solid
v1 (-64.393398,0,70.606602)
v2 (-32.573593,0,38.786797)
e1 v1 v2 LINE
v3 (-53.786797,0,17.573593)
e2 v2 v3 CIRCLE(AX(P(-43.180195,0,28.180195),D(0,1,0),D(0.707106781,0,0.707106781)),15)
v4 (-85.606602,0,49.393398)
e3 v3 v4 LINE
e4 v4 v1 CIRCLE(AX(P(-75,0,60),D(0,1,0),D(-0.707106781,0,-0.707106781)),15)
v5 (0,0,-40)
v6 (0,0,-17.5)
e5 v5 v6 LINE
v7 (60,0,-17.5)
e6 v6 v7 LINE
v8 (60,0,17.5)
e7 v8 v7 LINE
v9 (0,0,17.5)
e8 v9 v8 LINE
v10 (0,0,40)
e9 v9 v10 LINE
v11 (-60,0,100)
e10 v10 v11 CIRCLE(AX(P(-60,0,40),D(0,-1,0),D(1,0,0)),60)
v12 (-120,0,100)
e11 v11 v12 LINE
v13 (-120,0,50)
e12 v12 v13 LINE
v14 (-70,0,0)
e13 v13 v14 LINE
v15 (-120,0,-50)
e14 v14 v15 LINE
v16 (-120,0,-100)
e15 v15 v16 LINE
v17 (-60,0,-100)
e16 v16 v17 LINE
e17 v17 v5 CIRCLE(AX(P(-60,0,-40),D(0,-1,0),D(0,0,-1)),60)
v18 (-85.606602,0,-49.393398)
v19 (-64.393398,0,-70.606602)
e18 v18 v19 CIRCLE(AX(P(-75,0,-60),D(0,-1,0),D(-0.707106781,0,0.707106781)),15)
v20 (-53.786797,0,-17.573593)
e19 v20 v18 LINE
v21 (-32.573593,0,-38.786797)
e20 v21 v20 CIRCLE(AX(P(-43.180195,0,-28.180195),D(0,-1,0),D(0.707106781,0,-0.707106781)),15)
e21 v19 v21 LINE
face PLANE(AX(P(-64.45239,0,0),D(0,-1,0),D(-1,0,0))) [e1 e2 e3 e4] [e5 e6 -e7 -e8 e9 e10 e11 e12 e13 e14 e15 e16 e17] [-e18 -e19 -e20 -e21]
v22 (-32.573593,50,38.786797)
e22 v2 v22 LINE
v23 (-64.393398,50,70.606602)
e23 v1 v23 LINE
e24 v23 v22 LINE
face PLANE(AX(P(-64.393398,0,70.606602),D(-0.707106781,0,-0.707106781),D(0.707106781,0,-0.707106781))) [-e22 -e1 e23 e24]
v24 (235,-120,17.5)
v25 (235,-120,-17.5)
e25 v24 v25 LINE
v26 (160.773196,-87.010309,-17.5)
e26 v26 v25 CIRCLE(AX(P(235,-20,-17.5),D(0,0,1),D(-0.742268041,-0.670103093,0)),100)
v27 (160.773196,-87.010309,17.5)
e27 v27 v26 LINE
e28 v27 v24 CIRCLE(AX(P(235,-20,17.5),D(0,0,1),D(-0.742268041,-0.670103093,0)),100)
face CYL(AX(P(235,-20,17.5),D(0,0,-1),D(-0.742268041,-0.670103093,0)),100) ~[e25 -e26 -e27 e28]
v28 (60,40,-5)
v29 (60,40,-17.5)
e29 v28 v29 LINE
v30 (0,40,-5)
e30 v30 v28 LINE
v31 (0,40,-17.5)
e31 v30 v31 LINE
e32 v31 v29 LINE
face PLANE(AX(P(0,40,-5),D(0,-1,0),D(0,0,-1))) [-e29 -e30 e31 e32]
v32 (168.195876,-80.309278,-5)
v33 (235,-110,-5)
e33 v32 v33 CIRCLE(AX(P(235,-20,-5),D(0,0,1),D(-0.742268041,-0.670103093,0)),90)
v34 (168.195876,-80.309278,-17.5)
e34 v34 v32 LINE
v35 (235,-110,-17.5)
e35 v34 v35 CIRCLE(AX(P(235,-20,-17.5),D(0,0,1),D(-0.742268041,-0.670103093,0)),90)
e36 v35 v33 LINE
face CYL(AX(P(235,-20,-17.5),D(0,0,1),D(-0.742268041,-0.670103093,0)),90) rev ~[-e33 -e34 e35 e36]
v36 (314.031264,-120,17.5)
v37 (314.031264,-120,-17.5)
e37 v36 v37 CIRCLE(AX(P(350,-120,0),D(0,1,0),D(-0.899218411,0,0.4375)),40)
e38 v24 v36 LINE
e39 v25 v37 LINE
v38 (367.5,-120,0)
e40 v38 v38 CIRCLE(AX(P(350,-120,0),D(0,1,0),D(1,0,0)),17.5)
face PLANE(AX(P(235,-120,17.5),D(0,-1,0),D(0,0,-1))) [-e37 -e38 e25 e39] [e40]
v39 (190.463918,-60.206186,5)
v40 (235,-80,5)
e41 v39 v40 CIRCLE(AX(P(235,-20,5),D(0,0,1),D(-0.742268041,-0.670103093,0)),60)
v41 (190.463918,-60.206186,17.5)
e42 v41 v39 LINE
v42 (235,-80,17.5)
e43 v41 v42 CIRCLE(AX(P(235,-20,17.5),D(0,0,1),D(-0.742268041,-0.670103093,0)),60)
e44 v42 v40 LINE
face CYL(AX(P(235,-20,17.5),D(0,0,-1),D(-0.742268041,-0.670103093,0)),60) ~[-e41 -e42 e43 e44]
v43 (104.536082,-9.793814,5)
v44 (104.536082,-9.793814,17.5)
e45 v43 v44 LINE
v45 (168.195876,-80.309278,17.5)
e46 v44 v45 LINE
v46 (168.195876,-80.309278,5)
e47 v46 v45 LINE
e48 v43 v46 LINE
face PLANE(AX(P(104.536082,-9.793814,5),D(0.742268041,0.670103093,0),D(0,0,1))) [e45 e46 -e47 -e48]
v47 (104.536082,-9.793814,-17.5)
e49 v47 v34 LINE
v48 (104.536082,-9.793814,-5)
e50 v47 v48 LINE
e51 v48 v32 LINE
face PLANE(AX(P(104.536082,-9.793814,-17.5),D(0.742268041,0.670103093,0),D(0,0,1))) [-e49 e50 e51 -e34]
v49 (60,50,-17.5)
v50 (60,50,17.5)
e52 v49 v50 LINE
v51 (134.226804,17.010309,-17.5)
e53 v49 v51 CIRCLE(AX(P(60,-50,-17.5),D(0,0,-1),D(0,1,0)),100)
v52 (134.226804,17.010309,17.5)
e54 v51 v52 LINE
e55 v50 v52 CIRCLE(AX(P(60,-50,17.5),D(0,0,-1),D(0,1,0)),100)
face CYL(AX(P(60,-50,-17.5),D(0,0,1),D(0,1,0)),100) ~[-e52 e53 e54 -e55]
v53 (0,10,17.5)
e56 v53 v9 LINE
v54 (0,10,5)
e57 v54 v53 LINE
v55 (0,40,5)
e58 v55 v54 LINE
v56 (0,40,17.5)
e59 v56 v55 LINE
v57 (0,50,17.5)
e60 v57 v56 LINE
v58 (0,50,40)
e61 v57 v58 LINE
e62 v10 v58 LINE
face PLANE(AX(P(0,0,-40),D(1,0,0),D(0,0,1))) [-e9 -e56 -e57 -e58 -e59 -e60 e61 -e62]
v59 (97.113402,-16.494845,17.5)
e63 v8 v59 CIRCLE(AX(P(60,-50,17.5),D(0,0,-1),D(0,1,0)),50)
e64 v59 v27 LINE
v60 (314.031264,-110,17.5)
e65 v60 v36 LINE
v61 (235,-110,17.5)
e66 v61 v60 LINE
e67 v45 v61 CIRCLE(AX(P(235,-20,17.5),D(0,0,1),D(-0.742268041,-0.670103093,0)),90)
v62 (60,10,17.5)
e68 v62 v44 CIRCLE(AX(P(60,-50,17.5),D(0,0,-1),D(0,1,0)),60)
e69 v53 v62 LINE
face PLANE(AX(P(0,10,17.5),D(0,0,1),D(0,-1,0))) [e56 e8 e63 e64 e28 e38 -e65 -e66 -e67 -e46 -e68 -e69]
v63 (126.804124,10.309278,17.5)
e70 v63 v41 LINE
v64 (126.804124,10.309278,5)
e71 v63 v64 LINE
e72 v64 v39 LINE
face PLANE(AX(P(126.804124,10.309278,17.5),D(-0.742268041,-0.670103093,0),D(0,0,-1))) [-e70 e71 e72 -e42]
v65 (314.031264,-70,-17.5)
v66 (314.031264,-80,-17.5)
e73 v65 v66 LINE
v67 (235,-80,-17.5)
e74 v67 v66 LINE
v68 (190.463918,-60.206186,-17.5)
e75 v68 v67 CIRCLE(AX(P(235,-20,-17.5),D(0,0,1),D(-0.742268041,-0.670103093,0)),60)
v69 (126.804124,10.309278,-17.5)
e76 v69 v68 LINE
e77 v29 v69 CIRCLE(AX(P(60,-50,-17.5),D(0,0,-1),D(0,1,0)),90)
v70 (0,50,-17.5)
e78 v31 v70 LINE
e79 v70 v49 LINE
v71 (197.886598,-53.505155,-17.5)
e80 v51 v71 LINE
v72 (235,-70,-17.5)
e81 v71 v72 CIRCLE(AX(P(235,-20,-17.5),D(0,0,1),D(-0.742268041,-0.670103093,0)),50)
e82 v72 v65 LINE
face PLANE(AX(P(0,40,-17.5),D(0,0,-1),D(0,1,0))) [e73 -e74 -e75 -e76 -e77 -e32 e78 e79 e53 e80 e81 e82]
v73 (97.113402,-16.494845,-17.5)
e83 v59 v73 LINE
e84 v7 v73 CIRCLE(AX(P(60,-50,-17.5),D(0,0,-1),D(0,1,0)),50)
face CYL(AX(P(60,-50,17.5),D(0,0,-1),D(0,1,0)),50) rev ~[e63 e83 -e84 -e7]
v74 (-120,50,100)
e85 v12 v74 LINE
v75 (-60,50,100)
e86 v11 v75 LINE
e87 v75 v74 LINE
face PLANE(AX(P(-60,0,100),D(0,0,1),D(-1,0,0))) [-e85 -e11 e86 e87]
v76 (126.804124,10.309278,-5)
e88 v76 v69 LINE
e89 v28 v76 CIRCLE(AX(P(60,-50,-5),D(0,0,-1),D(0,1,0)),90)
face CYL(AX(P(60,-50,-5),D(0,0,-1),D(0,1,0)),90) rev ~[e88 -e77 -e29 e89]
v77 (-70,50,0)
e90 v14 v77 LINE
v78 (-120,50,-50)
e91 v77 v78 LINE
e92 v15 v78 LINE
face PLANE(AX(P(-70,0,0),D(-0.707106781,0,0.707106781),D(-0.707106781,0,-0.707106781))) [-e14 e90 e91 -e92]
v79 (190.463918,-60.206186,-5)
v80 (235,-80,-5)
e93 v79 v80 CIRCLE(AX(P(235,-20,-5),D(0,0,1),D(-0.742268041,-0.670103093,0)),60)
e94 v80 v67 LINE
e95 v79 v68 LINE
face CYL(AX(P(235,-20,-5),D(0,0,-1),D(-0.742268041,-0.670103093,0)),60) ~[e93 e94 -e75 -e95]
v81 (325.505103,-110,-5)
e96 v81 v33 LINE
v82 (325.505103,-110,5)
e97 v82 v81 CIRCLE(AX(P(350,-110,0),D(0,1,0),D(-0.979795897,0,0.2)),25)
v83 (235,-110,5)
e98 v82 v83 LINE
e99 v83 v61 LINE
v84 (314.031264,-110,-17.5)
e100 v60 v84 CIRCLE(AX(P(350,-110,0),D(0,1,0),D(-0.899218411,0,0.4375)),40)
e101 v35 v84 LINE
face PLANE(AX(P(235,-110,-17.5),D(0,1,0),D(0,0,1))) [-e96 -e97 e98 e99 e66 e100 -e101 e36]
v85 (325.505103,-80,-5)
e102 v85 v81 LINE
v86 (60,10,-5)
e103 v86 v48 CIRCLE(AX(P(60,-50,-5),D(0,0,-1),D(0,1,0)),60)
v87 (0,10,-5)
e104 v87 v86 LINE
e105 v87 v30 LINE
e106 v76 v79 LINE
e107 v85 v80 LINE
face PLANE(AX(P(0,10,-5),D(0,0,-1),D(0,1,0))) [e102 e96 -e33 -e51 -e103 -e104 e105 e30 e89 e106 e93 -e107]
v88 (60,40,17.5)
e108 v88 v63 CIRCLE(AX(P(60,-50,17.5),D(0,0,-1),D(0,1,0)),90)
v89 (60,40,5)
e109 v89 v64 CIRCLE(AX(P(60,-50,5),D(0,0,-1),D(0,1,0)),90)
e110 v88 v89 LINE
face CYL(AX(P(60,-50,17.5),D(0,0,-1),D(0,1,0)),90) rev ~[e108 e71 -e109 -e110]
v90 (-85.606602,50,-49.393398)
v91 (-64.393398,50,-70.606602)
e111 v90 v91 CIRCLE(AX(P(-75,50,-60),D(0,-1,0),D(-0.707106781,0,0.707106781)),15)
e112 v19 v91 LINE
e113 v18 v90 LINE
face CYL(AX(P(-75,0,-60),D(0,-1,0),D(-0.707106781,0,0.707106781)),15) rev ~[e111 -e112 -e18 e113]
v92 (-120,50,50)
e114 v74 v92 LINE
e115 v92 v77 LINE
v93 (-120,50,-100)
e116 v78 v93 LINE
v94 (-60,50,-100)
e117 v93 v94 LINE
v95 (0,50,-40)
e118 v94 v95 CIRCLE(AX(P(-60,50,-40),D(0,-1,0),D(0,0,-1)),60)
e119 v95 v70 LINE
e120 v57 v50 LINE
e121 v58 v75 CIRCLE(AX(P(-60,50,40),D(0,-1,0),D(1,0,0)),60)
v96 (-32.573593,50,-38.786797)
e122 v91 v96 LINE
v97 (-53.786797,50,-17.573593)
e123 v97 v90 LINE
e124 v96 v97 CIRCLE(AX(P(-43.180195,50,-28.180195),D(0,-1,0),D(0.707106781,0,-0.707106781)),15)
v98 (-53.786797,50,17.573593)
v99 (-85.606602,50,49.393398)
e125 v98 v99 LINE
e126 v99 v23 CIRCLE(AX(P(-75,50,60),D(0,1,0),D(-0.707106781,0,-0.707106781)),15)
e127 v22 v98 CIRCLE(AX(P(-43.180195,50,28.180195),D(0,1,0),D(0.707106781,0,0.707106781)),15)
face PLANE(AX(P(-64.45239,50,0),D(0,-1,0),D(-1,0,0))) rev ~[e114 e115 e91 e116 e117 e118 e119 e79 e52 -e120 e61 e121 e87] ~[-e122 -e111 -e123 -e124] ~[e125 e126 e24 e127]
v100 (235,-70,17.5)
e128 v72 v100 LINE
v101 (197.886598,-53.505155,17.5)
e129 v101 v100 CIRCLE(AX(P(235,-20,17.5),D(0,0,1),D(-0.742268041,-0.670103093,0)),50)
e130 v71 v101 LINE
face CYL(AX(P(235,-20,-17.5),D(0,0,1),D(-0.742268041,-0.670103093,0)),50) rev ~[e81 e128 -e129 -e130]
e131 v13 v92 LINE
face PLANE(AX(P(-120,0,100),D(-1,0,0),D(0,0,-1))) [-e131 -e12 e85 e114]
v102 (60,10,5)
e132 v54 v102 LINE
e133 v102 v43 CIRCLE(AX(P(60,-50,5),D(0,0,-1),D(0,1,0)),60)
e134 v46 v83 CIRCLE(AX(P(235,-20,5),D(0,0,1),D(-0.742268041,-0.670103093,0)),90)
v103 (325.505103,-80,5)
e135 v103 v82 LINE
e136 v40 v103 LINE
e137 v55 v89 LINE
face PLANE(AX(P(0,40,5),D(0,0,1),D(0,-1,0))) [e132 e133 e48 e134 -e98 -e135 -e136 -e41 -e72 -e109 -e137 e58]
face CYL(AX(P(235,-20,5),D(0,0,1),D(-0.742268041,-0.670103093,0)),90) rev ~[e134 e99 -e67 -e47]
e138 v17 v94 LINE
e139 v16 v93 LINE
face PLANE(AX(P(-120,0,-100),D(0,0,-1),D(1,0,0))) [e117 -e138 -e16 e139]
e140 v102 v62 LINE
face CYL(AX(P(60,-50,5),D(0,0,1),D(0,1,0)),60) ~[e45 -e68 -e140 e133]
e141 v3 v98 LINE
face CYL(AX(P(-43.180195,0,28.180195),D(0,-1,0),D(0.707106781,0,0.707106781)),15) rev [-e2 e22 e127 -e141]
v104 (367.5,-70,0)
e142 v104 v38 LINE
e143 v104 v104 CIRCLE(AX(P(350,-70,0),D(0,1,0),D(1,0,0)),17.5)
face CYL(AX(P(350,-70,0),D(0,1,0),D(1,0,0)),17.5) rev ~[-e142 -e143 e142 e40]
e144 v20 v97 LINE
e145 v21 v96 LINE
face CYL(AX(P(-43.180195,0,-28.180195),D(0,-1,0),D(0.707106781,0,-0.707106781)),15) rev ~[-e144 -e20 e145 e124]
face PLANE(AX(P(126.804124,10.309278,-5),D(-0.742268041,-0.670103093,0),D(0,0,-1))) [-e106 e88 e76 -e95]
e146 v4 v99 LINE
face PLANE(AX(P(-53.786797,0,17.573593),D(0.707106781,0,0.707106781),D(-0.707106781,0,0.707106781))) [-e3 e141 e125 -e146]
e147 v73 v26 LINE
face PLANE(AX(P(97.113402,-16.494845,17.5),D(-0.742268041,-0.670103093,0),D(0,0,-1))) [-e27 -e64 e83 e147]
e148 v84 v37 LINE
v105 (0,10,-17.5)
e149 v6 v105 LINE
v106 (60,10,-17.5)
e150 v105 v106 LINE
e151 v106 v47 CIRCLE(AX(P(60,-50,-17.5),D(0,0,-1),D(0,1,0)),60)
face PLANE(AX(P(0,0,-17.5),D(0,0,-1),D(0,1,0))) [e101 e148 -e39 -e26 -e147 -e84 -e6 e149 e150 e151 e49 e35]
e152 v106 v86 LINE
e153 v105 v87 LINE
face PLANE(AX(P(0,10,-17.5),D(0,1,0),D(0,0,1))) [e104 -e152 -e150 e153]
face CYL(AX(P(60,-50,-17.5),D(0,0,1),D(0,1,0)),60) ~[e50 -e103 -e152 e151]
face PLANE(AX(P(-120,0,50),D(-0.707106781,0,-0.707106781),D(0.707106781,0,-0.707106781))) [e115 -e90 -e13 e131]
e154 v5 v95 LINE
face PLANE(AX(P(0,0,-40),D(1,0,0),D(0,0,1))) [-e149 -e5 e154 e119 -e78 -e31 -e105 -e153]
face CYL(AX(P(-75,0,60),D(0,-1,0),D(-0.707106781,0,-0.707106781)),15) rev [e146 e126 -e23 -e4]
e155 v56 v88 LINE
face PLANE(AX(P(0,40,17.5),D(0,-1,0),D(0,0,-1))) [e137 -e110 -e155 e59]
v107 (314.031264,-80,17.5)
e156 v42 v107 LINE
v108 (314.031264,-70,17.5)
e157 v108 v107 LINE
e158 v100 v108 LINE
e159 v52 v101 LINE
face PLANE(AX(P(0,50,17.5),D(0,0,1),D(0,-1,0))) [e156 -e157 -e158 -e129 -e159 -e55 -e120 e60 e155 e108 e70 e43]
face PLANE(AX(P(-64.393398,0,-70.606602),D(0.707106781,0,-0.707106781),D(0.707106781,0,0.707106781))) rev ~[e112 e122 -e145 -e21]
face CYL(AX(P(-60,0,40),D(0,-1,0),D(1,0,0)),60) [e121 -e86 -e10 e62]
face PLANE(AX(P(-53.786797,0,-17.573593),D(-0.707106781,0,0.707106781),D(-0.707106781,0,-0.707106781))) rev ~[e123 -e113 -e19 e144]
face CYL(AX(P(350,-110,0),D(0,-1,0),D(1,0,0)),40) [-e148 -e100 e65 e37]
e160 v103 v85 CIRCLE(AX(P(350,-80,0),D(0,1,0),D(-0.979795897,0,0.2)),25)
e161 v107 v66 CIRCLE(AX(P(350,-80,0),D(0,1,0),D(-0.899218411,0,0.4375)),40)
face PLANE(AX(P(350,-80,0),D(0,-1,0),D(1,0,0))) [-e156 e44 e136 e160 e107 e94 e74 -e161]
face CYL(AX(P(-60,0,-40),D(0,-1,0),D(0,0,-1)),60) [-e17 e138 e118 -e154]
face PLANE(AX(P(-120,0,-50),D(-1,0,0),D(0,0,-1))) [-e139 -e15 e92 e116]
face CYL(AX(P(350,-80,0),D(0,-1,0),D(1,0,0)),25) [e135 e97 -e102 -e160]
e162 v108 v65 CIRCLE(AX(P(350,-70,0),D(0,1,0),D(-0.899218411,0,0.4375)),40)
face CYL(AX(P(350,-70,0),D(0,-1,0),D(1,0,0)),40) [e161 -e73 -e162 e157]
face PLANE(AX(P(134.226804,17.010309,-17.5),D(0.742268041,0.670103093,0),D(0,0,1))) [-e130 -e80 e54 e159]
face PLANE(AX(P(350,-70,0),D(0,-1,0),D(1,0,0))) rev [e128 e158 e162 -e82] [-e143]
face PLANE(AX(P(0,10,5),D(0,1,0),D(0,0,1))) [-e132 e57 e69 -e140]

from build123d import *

# Parameters (mm, degrees)
EXTRUDE_1_DEPTH     = 50
SKETCH_5_R          = 17.5
CUT_EXTRUDE_1_DEPTH = 51


with BuildPart() as part:
    # 草圖1 → 填料-伸長1 (new body)
    with BuildSketch(Plane(origin=(0, 0, 0), x_dir=(1, 0, 0), z_dir=(0, 1, 0))):
        with BuildLine():
            Line((-120, 100), (-60, 100))
            ThreePointArc((-60, 100), (-17.573593129, 82.426406871), (0, 40))
            Line((0, 40), (0, -40))
            ThreePointArc((0, -40), (-17.573593129, -82.426406871), (-60, -100))
            Line((-60, -100), (-120, -100))
            Line((-120, -100), (-120, -50))
            Line((-120, -50), (-70, 0))
            Line((-70, 0), (-120, 50))
            Line((-120, 50), (-120, 100))
        make_face()
        with BuildLine():
            Line((-64.393398282, 70.606601718), (-32.573593129, 38.786796564))
            ThreePointArc((-32.573593129, 38.786796564), (-32.573593129, 17.573593129), (-53.786796564, 17.573593129))
            Line((-53.786796564, 17.573593129), (-85.606601718, 49.393398282))
            ThreePointArc((-85.606601718, 49.393398282), (-85.606601718, 70.606601718), (-64.393398282, 70.606601718))
        make_face(mode=Mode.SUBTRACT)
        with BuildLine():
            Line((-64.393398282, -70.606601718), (-32.573593129, -38.786796564))
            ThreePointArc((-32.573593129, -38.786796564), (-32.573593129, -17.573593129), (-53.786796564, -17.573593129))
            Line((-53.786796564, -17.573593129), (-85.606601718, -49.393398282))
            ThreePointArc((-85.606601718, -49.393398282), (-85.606601718, -70.606601718), (-64.393398282, -70.606601718))
        make_face(mode=Mode.SUBTRACT)
    extrude(amount=EXTRUDE_1_DEPTH)

    # 掃出1: sweep along a path in 草圖2
    with BuildLine(Plane.XY) as sweep_1_path:
        Line((0, 50), (60, 50))
        ThreePointArc((60, 50), (100.613846605, 41.381154862), (134.226804124, 17.010309278))
        Line((134.226804124, 17.010309278), (197.886597938, -53.505154639))
        ThreePointArc((197.886597938, -53.505154639), (214.693076697, -65.690577431), (235, -70))
        Line((235, -70), (350, -70))
    # 草圖3 → 掃出1 (sweep)
    with BuildSketch(Plane(origin=(0, 0, 0), x_dir=(0, 0, -1), z_dir=(1, 0, 0))):
        Polygon((17.5, 50), (-17.5, 50), (-17.5, 40), (-5, 40), (-5, 10), (-17.5, 10), (-17.5, 0), (17.5, 0), (17.5, 10), (5, 10), (5, 40), (17.5, 40), align=None)
    sweep(path=sweep_1_path.line)

    # 草圖4 → 旋轉1 (revolve)
    with BuildSketch(Plane.XY):
        Polygon((350, -70), (390, -70), (390, -80), (375, -80), (375, -110), (390, -110), (390, -120), (350, -120), align=None)
    revolve(axis=Axis((350, -47.23777031, 0), (0, -1, 0)))

    # 草圖5 → 除料-伸長1 (cut, through all)
    with BuildSketch(Plane(origin=(0, -70, 0), x_dir=(1, 0, 0), z_dir=(0, 1, 0))):
        with Locations((350, 0)):
            Circle(SKETCH_5_R)
    extrude(amount=-CUT_EXTRUDE_1_DEPTH, mode=Mode.SUBTRACT)


solid = part.part
